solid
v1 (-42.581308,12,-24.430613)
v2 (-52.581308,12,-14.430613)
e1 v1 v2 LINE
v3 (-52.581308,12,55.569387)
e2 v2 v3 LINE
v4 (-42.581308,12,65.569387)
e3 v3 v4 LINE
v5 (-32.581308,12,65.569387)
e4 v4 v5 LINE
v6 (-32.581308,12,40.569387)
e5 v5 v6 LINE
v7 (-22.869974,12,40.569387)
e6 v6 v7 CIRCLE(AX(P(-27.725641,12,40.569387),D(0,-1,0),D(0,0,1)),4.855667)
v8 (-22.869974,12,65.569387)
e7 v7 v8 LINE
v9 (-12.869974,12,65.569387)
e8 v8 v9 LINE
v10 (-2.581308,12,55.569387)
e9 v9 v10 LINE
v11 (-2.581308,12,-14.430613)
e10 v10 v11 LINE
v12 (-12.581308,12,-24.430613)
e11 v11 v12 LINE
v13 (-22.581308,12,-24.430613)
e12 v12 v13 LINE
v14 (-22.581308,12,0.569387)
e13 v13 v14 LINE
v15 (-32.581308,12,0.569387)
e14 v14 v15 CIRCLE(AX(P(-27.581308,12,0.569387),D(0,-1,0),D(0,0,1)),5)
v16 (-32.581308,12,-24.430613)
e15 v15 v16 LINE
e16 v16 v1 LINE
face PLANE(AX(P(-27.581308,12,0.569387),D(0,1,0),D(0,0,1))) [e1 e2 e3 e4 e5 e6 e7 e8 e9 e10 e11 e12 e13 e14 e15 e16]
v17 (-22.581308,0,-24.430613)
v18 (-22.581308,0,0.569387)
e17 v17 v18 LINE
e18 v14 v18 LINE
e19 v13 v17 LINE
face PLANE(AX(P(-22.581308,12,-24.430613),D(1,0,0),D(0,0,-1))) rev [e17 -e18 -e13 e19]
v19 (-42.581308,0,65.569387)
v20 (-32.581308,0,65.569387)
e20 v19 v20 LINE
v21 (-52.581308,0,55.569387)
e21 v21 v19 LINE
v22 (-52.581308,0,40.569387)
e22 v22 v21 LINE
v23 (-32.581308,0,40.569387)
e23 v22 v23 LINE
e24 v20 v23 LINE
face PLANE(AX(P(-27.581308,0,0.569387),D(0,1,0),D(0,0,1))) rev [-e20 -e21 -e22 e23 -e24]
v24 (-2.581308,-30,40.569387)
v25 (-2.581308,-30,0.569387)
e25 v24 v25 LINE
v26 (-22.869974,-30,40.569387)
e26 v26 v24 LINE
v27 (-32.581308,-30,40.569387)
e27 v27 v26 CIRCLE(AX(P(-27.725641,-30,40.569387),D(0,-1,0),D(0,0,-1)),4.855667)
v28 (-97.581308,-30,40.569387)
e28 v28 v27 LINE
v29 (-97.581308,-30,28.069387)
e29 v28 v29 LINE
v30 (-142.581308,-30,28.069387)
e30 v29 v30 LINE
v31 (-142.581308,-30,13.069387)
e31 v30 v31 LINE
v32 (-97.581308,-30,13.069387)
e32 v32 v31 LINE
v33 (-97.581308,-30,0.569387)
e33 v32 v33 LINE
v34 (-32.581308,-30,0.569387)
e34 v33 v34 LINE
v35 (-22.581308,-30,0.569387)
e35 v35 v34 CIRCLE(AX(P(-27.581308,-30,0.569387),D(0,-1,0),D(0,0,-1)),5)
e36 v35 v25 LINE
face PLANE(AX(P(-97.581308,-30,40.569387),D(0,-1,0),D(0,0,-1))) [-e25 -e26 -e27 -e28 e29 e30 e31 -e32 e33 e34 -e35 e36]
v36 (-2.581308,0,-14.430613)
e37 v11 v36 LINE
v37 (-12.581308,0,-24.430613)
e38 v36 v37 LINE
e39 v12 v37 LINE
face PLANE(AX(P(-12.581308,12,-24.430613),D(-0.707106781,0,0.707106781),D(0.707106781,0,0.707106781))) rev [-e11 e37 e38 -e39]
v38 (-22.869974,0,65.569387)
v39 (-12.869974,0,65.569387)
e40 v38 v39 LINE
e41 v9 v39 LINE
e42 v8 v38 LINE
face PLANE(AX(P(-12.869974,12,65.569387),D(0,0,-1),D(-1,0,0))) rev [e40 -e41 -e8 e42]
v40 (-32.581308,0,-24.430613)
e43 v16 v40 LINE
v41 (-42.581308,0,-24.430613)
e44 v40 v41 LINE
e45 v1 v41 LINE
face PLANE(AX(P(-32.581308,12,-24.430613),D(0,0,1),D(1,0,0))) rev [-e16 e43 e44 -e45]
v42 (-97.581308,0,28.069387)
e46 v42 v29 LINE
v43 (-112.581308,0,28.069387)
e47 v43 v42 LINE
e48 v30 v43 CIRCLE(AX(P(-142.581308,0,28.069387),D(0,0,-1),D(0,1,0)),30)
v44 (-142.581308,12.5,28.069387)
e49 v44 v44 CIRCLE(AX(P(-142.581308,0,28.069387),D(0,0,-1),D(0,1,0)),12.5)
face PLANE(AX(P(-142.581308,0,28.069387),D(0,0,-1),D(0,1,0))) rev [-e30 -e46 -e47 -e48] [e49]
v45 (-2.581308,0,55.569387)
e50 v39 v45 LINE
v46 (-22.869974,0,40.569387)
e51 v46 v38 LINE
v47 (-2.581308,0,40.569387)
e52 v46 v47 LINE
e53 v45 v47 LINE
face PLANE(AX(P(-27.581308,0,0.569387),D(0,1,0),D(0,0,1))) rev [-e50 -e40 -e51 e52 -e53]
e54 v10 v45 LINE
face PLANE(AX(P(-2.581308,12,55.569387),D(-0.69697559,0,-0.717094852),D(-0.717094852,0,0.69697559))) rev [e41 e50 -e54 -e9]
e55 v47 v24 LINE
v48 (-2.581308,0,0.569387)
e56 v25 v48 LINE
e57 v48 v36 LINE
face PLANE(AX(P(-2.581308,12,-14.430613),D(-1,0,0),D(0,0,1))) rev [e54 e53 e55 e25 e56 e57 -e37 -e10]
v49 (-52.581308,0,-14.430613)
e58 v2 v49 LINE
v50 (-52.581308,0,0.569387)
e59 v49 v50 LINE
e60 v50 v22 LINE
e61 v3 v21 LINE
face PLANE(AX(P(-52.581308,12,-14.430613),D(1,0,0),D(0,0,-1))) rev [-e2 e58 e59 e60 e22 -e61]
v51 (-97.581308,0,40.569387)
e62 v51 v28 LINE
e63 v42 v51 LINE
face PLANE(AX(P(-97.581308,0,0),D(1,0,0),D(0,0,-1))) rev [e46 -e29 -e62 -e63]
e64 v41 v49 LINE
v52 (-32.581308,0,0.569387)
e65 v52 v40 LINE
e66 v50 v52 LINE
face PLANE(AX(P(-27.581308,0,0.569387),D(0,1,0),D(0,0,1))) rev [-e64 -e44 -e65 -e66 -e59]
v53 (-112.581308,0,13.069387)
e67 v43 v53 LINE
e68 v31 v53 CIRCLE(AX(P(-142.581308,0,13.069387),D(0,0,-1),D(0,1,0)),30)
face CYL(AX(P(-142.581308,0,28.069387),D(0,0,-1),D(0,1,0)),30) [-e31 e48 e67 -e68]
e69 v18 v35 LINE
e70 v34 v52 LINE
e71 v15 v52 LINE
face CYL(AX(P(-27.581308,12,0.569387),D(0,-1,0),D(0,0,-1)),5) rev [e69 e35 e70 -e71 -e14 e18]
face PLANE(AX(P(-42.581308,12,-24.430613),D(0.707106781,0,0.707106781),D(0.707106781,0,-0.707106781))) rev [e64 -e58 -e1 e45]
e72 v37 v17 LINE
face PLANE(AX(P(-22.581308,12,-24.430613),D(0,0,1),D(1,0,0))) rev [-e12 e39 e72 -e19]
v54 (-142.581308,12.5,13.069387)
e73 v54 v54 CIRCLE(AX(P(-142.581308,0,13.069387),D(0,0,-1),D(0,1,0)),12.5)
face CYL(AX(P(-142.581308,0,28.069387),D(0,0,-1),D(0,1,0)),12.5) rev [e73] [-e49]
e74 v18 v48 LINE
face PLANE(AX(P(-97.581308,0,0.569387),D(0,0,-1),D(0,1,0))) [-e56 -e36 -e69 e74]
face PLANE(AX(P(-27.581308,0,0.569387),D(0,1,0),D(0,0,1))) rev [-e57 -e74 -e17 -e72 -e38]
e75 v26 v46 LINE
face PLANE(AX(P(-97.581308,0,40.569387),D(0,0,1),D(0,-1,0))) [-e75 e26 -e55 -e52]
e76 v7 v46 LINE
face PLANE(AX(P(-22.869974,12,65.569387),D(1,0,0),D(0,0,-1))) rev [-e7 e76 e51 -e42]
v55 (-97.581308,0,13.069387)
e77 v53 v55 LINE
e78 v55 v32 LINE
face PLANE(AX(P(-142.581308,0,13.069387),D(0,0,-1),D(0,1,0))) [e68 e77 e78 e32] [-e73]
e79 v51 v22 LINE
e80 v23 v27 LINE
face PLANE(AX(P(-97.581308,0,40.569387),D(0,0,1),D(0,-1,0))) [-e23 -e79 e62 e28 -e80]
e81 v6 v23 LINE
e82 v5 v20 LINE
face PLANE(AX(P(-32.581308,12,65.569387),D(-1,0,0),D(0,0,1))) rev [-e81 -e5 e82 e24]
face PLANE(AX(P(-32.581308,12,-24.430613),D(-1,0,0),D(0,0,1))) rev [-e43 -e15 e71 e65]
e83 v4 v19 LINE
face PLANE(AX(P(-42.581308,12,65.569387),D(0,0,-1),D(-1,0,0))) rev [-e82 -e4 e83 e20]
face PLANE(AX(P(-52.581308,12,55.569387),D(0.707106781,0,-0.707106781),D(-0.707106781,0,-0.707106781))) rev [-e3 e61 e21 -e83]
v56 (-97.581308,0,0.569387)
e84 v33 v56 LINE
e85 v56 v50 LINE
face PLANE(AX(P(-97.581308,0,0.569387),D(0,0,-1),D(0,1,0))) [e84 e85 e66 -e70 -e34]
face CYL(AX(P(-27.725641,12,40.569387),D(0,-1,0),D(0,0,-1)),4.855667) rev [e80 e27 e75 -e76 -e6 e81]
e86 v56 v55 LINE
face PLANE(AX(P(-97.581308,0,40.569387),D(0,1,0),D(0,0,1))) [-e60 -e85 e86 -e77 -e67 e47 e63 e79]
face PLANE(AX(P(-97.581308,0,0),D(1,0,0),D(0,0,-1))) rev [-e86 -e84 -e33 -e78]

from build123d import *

# Parameters (mm, degrees)
BOSS_EXTRUDE1_DEPTH = 12
SKETCH3_W           = 40
SKETCH3_H           = 30
BOSS_EXTRUDE2_DEPTH = 95
CUT_EXTRUDE1_START  = -95
SKETCH5_R           = 5
SKETCH5_R_2         = 4.855667385
CUT_EXTRUDE1_DEPTH  = 95
SKETCH7_R           = 12.5
BOSS_EXTRUDE3_DEPTH = 15


with BuildPart() as part:
    # Sketch1 → Boss-Extrude1 (new body)
    with BuildSketch(Plane(origin=(0, 0, 0), x_dir=(1, 0, 0), z_dir=(0, 1, 0))):
        with BuildLine():
            Line((-32.581308436, 24.430613363), (-42.581308436, 24.430613363))
            Line((-42.581308436, 24.430613363), (-52.581308436, 14.430613363))
            Line((-52.581308436, 14.430613363), (-52.581308436, -55.569386637))
            Line((-52.581308436, -55.569386637), (-42.581308436, -65.569386637))
            Line((-42.581308436, -65.569386637), (-32.581308436, -65.569386637))
            Line((-32.581308436, -65.569386637), (-32.581308436, -40.569386637))
            ThreePointArc((-32.581308436, -40.569386637), (-27.725641051, -35.713719251), (-22.869973665, -40.569386637))
            Line((-22.869973665, -40.569386637), (-22.869973665, -65.569386637))
            Line((-22.869973665, -65.569386637), (-12.869973665, -65.569386637))
            Line((-12.869973665, -65.569386637), (-2.581308436, -55.569386637))
            Line((-2.581308436, -55.569386637), (-2.581308436, 14.430613363))
            Line((-2.581308436, 14.430613363), (-12.581308436, 24.430613363))
            Line((-12.581308436, 24.430613363), (-22.581308436, 24.430613363))
            Line((-22.581308436, 24.430613363), (-22.581308436, -0.569386637))
            ThreePointArc((-22.581308436, -0.569386637), (-27.581308436, -5.569386637), (-32.581308436, -0.569386637))
            Line((-32.581308436, -0.569386637), (-32.581308436, 24.430613363))
        make_face()
    extrude(amount=BOSS_EXTRUDE1_DEPTH)

    # Sketch3 → Boss-Extrude2 (add)
    with BuildSketch(Plane(origin=(-2.581308436, 0, 0), x_dir=(0, 0, -1), z_dir=(1, 0, 0))):
        with Locations((-20.569386637, -15)):
            Rectangle(SKETCH3_W, SKETCH3_H)
    extrude(amount=-BOSS_EXTRUDE2_DEPTH)

    # Sketch5 → Cut-Extrude1 (cut)
    with BuildSketch(Plane(origin=(0, 12, 0), x_dir=(1, 0, 0), z_dir=(0, 1, 0)).offset(CUT_EXTRUDE1_START)):
        with Locations((-27.581308436, -0.569386637)):
            Circle(SKETCH5_R)
        with Locations((-27.725641051, -40.569386637)):
            Circle(SKETCH5_R_2)
    extrude(amount=CUT_EXTRUDE1_DEPTH, mode=Mode.SUBTRACT)

    # Sketch7 → Boss-Extrude3 (add)
    with BuildSketch(Plane(origin=(0, 0, 13.069386637), x_dir=(-1, 0, 0), z_dir=(0, 0, -1))):
        with BuildLine():
            Line((97.581308436, 0), (112.581308436, 0))
            ThreePointArc((112.581308436, 0), (163.794511872, 21.213203436), (142.581308436, -30))
            Line((142.581308436, -30), (97.581308436, -30))
            Line((97.581308436, -30), (97.581308436, 0))
        make_face()
        with Locations(Location((142.581308436, 0, 0), (0, 0, 90))):
            Circle(SKETCH7_R, mode=Mode.SUBTRACT)
    extrude(amount=-BOSS_EXTRUDE3_DEPTH)


solid = part.part
